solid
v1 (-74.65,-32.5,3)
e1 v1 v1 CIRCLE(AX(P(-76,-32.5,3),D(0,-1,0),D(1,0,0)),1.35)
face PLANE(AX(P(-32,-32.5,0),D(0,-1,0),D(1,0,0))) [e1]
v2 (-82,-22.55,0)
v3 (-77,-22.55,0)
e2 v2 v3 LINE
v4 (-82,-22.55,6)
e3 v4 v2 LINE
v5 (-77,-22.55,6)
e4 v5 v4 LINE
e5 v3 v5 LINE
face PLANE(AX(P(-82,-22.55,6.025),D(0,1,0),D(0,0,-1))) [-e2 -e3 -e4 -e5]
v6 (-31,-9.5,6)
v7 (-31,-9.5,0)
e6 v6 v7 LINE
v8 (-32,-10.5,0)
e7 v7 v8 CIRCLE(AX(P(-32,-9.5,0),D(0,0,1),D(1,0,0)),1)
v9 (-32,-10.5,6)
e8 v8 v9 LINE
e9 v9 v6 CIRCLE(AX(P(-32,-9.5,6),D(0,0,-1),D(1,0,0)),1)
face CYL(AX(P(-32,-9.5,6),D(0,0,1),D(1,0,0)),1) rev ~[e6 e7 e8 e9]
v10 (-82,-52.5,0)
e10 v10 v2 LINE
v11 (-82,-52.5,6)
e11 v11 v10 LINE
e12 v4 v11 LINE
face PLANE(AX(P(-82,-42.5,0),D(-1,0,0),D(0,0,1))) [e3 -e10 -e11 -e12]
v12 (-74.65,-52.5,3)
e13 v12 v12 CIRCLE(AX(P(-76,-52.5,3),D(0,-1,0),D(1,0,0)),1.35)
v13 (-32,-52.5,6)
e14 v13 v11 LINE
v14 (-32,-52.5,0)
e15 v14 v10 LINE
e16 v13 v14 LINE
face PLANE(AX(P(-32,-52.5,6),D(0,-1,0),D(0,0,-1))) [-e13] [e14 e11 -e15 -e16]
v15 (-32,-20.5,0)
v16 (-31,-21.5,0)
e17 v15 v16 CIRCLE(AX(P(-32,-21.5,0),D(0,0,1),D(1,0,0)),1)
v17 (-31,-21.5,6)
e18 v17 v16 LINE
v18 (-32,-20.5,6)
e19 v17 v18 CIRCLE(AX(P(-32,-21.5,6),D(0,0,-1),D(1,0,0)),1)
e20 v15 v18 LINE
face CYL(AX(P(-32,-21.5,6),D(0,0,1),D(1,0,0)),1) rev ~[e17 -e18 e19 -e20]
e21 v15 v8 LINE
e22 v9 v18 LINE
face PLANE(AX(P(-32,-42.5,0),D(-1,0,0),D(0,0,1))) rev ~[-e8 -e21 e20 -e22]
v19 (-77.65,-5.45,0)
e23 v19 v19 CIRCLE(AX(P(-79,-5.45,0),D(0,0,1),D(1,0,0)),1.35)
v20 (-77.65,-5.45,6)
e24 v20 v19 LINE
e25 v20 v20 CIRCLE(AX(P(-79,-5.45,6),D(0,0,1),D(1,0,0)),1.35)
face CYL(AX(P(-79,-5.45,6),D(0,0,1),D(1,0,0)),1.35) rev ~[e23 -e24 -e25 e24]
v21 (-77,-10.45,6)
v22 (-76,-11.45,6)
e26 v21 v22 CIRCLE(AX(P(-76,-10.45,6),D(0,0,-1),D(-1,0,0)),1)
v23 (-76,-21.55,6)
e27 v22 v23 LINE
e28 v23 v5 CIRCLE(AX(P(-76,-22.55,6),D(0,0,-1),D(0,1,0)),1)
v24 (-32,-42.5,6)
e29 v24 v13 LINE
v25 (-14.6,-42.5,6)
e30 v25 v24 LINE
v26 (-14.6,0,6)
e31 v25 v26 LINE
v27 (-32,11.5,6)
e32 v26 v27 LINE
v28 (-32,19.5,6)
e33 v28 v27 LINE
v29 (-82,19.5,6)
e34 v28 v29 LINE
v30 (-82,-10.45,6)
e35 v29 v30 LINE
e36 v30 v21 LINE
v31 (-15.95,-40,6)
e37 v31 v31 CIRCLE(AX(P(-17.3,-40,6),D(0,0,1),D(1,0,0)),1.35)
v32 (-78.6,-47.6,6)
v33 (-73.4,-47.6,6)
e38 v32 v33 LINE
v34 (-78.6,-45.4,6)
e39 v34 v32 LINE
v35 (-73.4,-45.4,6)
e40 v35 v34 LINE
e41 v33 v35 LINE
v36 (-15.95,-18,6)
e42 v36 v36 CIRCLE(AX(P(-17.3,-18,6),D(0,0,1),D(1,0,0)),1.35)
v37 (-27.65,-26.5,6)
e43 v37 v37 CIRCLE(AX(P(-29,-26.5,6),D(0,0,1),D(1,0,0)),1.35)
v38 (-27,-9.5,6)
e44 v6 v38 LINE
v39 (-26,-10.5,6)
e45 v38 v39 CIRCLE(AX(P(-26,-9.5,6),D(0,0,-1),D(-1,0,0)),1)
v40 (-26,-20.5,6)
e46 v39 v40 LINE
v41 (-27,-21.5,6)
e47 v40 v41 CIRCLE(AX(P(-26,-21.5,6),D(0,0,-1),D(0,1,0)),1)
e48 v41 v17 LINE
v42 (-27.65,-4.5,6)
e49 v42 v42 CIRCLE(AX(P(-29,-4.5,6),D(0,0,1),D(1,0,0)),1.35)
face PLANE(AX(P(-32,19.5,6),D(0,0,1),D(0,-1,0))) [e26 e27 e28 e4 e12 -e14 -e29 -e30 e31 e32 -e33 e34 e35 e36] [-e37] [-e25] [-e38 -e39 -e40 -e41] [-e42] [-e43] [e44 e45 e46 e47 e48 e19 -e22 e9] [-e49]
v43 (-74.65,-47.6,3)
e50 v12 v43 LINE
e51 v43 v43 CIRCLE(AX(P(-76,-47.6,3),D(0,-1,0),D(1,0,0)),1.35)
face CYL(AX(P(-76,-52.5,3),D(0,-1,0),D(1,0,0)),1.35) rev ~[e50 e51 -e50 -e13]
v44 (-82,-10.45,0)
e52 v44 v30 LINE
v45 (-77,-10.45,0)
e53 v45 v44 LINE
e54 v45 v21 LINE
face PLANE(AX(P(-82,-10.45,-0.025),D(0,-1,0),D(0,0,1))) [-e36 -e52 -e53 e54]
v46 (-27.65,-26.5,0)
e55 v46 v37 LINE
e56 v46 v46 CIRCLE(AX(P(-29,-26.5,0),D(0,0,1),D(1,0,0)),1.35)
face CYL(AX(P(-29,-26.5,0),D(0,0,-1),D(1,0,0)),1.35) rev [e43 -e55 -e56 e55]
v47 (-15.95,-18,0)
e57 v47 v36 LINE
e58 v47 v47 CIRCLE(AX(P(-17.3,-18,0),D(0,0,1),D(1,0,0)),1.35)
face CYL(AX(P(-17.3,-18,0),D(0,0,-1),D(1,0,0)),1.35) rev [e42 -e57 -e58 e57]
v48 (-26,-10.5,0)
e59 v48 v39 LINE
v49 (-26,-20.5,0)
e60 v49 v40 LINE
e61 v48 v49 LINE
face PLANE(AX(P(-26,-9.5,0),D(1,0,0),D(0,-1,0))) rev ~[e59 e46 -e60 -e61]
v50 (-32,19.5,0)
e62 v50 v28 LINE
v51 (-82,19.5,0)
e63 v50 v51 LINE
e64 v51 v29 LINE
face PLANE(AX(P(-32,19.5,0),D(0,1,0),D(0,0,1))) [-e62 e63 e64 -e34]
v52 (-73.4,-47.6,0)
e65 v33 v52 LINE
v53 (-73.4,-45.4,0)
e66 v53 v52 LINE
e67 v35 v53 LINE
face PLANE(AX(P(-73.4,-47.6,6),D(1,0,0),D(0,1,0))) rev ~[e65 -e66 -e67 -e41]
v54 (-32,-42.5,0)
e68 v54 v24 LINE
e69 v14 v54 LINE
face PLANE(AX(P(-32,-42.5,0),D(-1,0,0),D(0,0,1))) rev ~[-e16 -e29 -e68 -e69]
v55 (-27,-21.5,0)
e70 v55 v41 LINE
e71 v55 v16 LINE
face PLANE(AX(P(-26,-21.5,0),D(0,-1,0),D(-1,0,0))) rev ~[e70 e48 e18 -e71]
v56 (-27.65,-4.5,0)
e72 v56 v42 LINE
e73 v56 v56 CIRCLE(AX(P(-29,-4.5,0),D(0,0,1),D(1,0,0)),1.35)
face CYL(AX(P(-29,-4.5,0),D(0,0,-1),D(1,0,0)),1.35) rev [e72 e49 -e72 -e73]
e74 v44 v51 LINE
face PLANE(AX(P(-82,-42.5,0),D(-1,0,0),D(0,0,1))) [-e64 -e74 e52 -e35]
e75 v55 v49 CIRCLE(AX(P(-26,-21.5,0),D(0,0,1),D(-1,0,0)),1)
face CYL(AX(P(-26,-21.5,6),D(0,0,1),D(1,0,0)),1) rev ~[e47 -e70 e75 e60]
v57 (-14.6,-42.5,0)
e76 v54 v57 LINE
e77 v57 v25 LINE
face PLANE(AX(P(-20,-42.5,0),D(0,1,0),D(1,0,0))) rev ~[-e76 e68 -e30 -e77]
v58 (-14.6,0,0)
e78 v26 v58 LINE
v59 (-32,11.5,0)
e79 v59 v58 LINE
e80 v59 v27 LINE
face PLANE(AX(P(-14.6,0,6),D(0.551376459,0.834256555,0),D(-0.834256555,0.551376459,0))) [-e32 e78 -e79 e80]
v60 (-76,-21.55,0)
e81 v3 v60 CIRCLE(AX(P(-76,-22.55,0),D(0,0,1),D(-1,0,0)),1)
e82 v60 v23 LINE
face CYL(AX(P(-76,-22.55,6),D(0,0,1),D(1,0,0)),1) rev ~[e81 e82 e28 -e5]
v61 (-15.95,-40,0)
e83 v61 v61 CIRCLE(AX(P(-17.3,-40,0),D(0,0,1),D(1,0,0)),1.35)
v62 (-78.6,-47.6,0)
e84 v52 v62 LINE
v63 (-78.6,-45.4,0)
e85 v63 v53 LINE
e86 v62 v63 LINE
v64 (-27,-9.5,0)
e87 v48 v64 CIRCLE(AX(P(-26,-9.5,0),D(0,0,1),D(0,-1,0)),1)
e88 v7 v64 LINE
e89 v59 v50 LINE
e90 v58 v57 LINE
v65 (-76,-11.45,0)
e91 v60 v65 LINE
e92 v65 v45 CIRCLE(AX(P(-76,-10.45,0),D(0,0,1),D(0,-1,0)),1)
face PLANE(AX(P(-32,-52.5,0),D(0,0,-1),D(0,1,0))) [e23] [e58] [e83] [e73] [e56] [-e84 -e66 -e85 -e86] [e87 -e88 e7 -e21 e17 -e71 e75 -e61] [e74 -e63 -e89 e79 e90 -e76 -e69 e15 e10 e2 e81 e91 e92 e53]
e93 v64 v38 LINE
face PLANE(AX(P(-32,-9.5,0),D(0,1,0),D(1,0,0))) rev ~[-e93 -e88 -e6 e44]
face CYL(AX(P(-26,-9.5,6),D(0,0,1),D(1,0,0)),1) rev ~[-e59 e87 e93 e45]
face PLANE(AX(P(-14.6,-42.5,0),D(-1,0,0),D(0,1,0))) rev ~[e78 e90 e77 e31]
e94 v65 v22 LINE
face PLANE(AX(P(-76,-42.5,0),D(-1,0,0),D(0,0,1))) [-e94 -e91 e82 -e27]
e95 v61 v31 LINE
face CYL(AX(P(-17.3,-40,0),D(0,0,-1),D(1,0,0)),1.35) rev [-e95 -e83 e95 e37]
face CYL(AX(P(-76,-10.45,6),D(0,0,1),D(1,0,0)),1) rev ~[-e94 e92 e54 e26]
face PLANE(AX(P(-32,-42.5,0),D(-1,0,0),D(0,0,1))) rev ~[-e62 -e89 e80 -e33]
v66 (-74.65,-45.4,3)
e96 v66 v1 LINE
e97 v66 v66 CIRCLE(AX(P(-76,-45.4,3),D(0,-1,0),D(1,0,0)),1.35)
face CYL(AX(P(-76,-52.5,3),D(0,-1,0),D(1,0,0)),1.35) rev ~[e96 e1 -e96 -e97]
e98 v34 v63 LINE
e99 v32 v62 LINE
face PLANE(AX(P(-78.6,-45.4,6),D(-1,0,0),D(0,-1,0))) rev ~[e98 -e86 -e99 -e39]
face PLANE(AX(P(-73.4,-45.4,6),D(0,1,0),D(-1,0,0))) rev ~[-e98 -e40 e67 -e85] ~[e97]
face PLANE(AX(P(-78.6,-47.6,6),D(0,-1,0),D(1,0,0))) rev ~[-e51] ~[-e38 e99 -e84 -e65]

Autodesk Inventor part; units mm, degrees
ref_plane "YZ Plane" through (0, 0, 0) normal (1, 0, 0) x (0, 1, 0)
ref_plane "XZ Plane" through (0, 0, 0) normal (0, 1, 0) x (-1, 0, 0)
ref_plane "XY Plane" through (0, 0, 0) normal (0, 0, 1) x (1, 0, 0)
ref_plane "작업 평면1" through (0, 0, 0) normal (0, 0, 1) x (1, 0, 0)
sketch "스케치1" plane through (0, 0, 0) normal (0, 0, 1) x (1, 0, 0)
  arc A0 (20.1, 4.5766) -> (19.5808, 6.2636) centre (17.1, 4.5766) ccw projected
  line L0 (19.5808, 6.2636) -> (15.5953, 12.1246) projected
  arc A1 (15.5953, 12.1246) -> (13.9414, 13) centre (13.9414, 11) ccw projected
  line L1 (13, 13) -> (13.9414, 13) projected
  arc A2 (14.5, 11.5) -> (13, 13) centre (13, 11.5) ccw projected
  line L2 (14.5, -41.5) -> (14.5, 11.5) projected
  arc A3 (13.5, -42.5) -> (14.5, -41.5) centre (13.5, -41.5) ccw projected
  line L3 (-13.5, -42.5) -> (13.5, -42.5) projected
  arc A4 (-14.5, -41.5) -> (-13.5, -42.5) centre (-13.5, -41.5) ccw projected
  line L4 (-14.5, 11.5) -> (-14.5, -41.5) projected
  arc A5 (-13, 13) -> (-14.5, 11.5) centre (-13, 11.5) ccw projected
  line L5 (-13.9414, 13) -> (-13, 13) projected
  arc A6 (-13.9414, 13) -> (-15.5953, 12.1246) centre (-13.9414, 11) ccw projected
  line L6 (-15.5953, 12.1246) -> (-19.5808, 6.2636) projected
  arc A7 (-19.5808, 6.2636) -> (-20.1, 4.5766) centre (-17.1, 4.5766) ccw projected
  line L7 (-20.1, 4.5766) -> (-20.1, -39.6766) projected
  arc A8 (-20.1, -39.6766) -> (-19.5808, -41.3636) centre (-17.1, -39.6766) ccw projected
  line L8 (-19.5808, -41.3636) -> (-15.8929, -46.7869) projected
  arc A9 (-15.8929, -46.7869) -> (-13.4121, -48.1) centre (-13.4121, -45.1) ccw projected
  line L9 (-13.4121, -48.1) -> (13.4121, -48.1) projected
  arc A10 (13.4121, -48.1) -> (15.8929, -46.7869) centre (13.4121, -45.1) ccw projected
  line L10 (15.8929, -46.7869) -> (19.5808, -41.3636) projected
  arc A11 (19.5808, -41.3636) -> (20.1, -39.6766) centre (17.1, -39.6766) ccw projected
  line L11 (20.1, -39.6766) -> (20.1, 4.5766) projected
  circle A12 centre (-17.3, 4) radius 1.35 projected
  circle A13 centre (-17.3, -18) radius 1.35 projected
  circle A14 centre (-11, -45.3) radius 1.35 projected
  circle A15 centre (17.3, 4) radius 1.35 projected
  circle A16 centre (17.3, -18) radius 1.35 projected
  circle A17 centre (11, -45.3) radius 1.35 projected
  circle A18 centre (-17.3, -40) radius 1.35 projected
  circle A19 centre (17.3, -40) radius 1.35 projected
  arc A20 (-14.6, -41.5) -> (-13.5, -42.6) centre (-13.5, -41.5) ccw
  line L12 (-13.5, -42.6) -> (13.5, -42.6)
  arc A21 (13.5, -42.6) -> (14.6, -41.5) centre (13.5, -41.5) ccw
  line L13 (14.6, -41.5) -> (14.6, 11.5)
  arc A22 (14.6, 11.5) -> (12.2254, 12.9) centre (13, 11.5) ccw
  line L14 (12.2254, 12.9) -> (13.9414, 12.9)
  arc A23 (15.5126, 12.0684) -> (13.9414, 12.9) centre (13.9414, 11) ccw
  line L15 (15.5126, 12.0684) -> (19.4981, 6.2073)
  arc A24 (20, 4.5766) -> (19.4981, 6.2073) centre (17.1, 4.5766) ccw
  line L16 (20, 4.5766) -> (20, -39.6766)
  arc A25 (19.4981, -41.3073) -> (20, -39.6766) centre (17.1, -39.6766) ccw
  line L17 (19.4981, -41.3073) -> (15.8102, -46.7307)
  arc A26 (13.4121, -48) -> (15.8102, -46.7307) centre (13.4121, -45.1) ccw
  line L18 (13.4121, -48) -> (-13.4121, -48)
  arc A27 (-15.8102, -46.7307) -> (-13.4121, -48) centre (-13.4121, -45.1) ccw
  line L19 (-15.8102, -46.7307) -> (-18.6871, -42.5)
  line L20 (-19.4981, 6.2073) -> (-15.5126, 12.0684)
  arc A28 (-13.9414, 12.9) -> (-15.5126, 12.0684) centre (-13.9414, 11) ccw
  line L21 (-13.9414, 12.9) -> (-12.2254, 12.9)
  arc A29 (-12.2254, 12.9) -> (-14.6, 11.5) centre (-13, 11.5) ccw
  line L22 (-14.6, 11.5) -> (-14.6, -41.5)
  line L23 (-14.6, 11.5) -> (-20, 11.5)
  line L24 (-20, -42.5) -> (-14.6, -42.5)
  line L25 (-14.6, -42.5) -> (-14.6, 11.5)
  line L26 (-20, 11.5) -> (-32, 11.5)
  line L27 (-32, -42.5) -> (-20, -42.5)
  circle A30 centre (-17.3, 4) radius 1.35
  circle A31 centre (-17.3, -18) radius 1.35
  circle A32 centre (-17.3, -40) radius 1.35
  line L28 (-32, -9.5) -> (-26, -9.5)
  line L29 (-26, -9.5) -> (-26, -21.5)
  line L30 (-26, -21.5) -> (-32, -21.5)
  line L31 (-32, 11.5) -> (-32, -9.5)
  line L32 (-32, -21.5) -> (-32, -42.5)
  circle A33 centre (-29, -4.5) radius 1.35
  circle A34 centre (-29, -26.5) radius 1.35
  point P0 (0, 0)
  dimension "d0" = 0.1
  dimension "d2" = 2.7
  dimension "d3" = 2.7
  dimension "d4" = 2.7
  dimension "d5" = 12
  dimension "d6" = 2.7
  dimension "d7" = 2.7
extrude "돌출1" add sketch "스케치1" along normal blind 6 contours L24 L27 L32 L30 L29 L28 L31 L26 L23 L6 A7 L7 A8 L8 | L8 A8 L7 A7 L6 L23 L22 L25 L24
sketch "스케치2" plane through (-32, -42.5, 0) normal (-1, 0, 0) x (0, 0, 1)
  line L0 (0, 62) -> (6, 62)
  line L1 (6, 62) -> (6, -10)
  line L2 (6, -10) -> (0, -10)
  line L3 (0, -10) -> (0, 62)
  point P0 (0, 42.5)
  dimension "d10" = 6
  dimension "d11" = 72
extrude "돌출2" add sketch "스케치2" along normal blind 50
sketch "스케치3" plane through (0, 0, 6) normal (0, 0, 1) x (1, 0, 0)
  line L0 (-32, -42.5) -> (-14.6, -42.5) projected
  line L1 (-14.6, -42.5) -> (-14.6, 11.5) projected
  line L2 (-14.6, 11.5) -> (-32, 11.5) projected
  line L3 (-32, 11.5) -> (-32, 19.5) projected
  line L4 (-32, 19.5) -> (-82, 19.5) projected
  line L5 (-82, -52.5) -> (-82, 19.5) projected
  line L6 (-32, -52.5) -> (-82, -52.5) projected
  line L7 (-32, -52.5) -> (-32, -42.5) projected
  line L8 (-32, -21.5) -> (-32, -9.5) projected
  line L9 (-32, -9.5) -> (-26, -9.5) projected
  line L10 (-26, -9.5) -> (-26, -21.5) projected
  line L11 (-26, -21.5) -> (-32, -21.5) projected
  circle A0 centre (-17.3, -18) radius 1.35 projected
  circle A1 centre (-17.3, 4) radius 1.35 projected
  circle A2 centre (-17.3, -40) radius 1.35 projected
  circle A3 centre (-29, -26.5) radius 1.35 projected
  circle A4 centre (-29, -4.5) radius 1.35 projected
  line L12 (-14.6, 0) -> (-32, 11.5)
  line L13 (-32, 11.5) -> (-14.6, 11.5)
  point P0 (0, 0)
extrude "돌출3" cut sketch "스케치3" against normal blind 50 contours L12 L2 L1
sketch "스케치5" plane through (-82, -42.5, 0) normal (-1, 0, 0) x (0, 0, 1)
  line L0 (-2.9941, 20.5626) -> (2.9941, 31.4374) construction
  line L1 (2.9941, 20.5626) -> (-2.9941, 31.4374) construction
  line L2 (0, 20) -> (0, 32)
  line L3 (6, 32) -> (6, 20)
  line L4 (6, 20) -> (0, 32) construction
  line L5 (0, 20) -> (6, 32) construction
  line L6 (6.025, 19.95) -> (-0.025, 19.95)
  line L7 (-0.025, 19.95) -> (-0.025, 32.05)
  line L8 (-0.025, 32.05) -> (6.025, 32.05)
  line L9 (6.025, 32.05) -> (6.025, 19.95)
  line L10 (6.025, 19.95) -> (-0.025, 32.05) construction
  line L11 (-0.025, 19.95) -> (6.025, 32.05) construction
  point P0 (0, 42.5)
  point P1 (0, 26)
  point P2 (3, 26)
  dimension "d16" = 6
  dimension "d17" = 12
  dimension "d18" = 12.1
extrude "돌출4" cut sketch "스케치5" against normal blind 6
sketch "스케치6" plane through (0, 0, 6) normal (0, 0, 1) x (1, 0, 0)
  line L0 (-76, -10.45) -> (-76, -22.55) projected
  line L1 (-82, -10.45) -> (-76, -10.45) projected
  line L2 (-76, -22.55) -> (-82, -22.55) projected
  circle A0 centre (-79, -5.45) radius 1.35
  point P0 (0, 0)
  dimension "d21" = 2.7
extrude "돌출5" cut sketch "스케치6" against normal blind 6
sketch "스케치7" plane through (-32, -52.5, 0) normal (0, -1, 0) x (1, 0, 0)
  line L0 (0, 0) -> (0, 6) projected
  line L1 (0, 6) -> (-50, 6) projected
  line L2 (-50, 0) -> (-50, 6) projected
  line L3 (0, 0) -> (-50, 0) projected
  circle A0 centre (-44, 3) radius 1.35
  point P0 (32, 0)
  dimension "d24" = 2.7
extrude "돌출6" cut sketch "스케치7" against normal blind 20 contours A0
sketch "스케치8" plane through (0, 0, 6) normal (0, 0, 1) x (1, 0, 0)
  circle A0 centre (-79, -5.45) radius 1.35 projected
  line L0 (-76, -22.55) -> (-82, -22.55) projected
  line L1 (-82, -52.5) -> (-82, -22.55) projected
  line L2 (-32, -52.5) -> (-82, -52.5) projected
  line L3 (-32, -52.5) -> (-32, -42.5) projected
  line L4 (-32, -42.5) -> (-14.6, -42.5) projected
  line L5 (-14.6, -42.5) -> (-14.6, 0) projected
  line L6 (-14.6, 0) -> (-32, 11.5) projected
  line L7 (-32, 11.5) -> (-32, 19.5) projected
  line L8 (-32, 19.5) -> (-82, 19.5) projected
  line L9 (-82, -10.45) -> (-82, 19.5) projected
  line L10 (-82, -10.45) -> (-76, -10.45) projected
  line L11 (-76, -10.45) -> (-76, -22.55) projected
  line L12 (-32, -21.5) -> (-32, -9.5) projected
  line L13 (-32, -9.5) -> (-26, -9.5) projected
  line L14 (-26, -9.5) -> (-26, -21.5) projected
  line L15 (-26, -21.5) -> (-32, -21.5) projected
  circle A1 centre (-17.3, -18) radius 1.35 projected
  circle A2 centre (-17.3, -40) radius 1.35 projected
  circle A3 centre (-29, -26.5) radius 1.35 projected
  circle A4 centre (-29, -4.5) radius 1.35 projected
  line L16 (-73.4, -45.4) -> (-78.6, -45.4)
  line L17 (-78.6, -45.4) -> (-78.6, -47.6)
  line L18 (-78.6, -47.6) -> (-73.4, -47.6)
  line L19 (-73.4, -47.6) -> (-73.4, -45.4)
  line L20 (-73.4, -45.4) -> (-78.6, -47.6) construction
  line L21 (-78.6, -45.4) -> (-73.4, -47.6) construction
  point P0 (0, 0)
  point P1 (-76, -46.5)
  dimension "d27" = 5.2
  dimension "d28" = 2.2
extrude "돌출7" cut sketch "스케치8" against normal blind 20 contours L19 L18 L17 L16
sketch "스케치9" plane through (0, 0, 6) normal (0, 0, 1) x (1, 0, 0)
  line L0 (-76, -10.45) -> (-76, -22.55) projected
  line L1 (-82, -10.45) -> (-76, -10.45) projected
  line L2 (-76, -22.55) -> (-82, -22.55) projected
  line L3 (-32, -21.5) -> (-32, -9.5) projected
  line L4 (-32, -9.5) -> (-26, -9.5) projected
  line L5 (-26, -9.5) -> (-26, -21.5) projected
  line L6 (-26, -21.5) -> (-32, -21.5) projected
  circle A0 centre (-76, -10.45) radius 1
  circle A1 centre (-76, -22.55) radius 1
  circle A2 centre (-32, -9.5) radius 1
  circle A3 centre (-26, -9.5) radius 1
  circle A4 centre (-26, -21.5) radius 1
  circle A5 centre (-32, -21.5) radius 1
  point P0 (0, 0)
  dimension "d31" = 2
  dimension "d32" = 2
  dimension "d33" = 2
  dimension "d34" = 2
  dimension "d35" = 2
  dimension "d36" = 2
extrude "돌출8" cut sketch "스케치9" against normal blind 10 contours L1 A0 L0 | L0 A0 L1 | A1 L2 L0 | L0 L2 A1 | L6 A5 L3 | L3 A5 L6 | A2 L4 L3 | L3 L4 A2 | A4 L5 L6 | L6 L5 A4 | A3 L5 L4 | L4 L5 A3
properties part number "side of head" material "PMMA 플라스틱"
